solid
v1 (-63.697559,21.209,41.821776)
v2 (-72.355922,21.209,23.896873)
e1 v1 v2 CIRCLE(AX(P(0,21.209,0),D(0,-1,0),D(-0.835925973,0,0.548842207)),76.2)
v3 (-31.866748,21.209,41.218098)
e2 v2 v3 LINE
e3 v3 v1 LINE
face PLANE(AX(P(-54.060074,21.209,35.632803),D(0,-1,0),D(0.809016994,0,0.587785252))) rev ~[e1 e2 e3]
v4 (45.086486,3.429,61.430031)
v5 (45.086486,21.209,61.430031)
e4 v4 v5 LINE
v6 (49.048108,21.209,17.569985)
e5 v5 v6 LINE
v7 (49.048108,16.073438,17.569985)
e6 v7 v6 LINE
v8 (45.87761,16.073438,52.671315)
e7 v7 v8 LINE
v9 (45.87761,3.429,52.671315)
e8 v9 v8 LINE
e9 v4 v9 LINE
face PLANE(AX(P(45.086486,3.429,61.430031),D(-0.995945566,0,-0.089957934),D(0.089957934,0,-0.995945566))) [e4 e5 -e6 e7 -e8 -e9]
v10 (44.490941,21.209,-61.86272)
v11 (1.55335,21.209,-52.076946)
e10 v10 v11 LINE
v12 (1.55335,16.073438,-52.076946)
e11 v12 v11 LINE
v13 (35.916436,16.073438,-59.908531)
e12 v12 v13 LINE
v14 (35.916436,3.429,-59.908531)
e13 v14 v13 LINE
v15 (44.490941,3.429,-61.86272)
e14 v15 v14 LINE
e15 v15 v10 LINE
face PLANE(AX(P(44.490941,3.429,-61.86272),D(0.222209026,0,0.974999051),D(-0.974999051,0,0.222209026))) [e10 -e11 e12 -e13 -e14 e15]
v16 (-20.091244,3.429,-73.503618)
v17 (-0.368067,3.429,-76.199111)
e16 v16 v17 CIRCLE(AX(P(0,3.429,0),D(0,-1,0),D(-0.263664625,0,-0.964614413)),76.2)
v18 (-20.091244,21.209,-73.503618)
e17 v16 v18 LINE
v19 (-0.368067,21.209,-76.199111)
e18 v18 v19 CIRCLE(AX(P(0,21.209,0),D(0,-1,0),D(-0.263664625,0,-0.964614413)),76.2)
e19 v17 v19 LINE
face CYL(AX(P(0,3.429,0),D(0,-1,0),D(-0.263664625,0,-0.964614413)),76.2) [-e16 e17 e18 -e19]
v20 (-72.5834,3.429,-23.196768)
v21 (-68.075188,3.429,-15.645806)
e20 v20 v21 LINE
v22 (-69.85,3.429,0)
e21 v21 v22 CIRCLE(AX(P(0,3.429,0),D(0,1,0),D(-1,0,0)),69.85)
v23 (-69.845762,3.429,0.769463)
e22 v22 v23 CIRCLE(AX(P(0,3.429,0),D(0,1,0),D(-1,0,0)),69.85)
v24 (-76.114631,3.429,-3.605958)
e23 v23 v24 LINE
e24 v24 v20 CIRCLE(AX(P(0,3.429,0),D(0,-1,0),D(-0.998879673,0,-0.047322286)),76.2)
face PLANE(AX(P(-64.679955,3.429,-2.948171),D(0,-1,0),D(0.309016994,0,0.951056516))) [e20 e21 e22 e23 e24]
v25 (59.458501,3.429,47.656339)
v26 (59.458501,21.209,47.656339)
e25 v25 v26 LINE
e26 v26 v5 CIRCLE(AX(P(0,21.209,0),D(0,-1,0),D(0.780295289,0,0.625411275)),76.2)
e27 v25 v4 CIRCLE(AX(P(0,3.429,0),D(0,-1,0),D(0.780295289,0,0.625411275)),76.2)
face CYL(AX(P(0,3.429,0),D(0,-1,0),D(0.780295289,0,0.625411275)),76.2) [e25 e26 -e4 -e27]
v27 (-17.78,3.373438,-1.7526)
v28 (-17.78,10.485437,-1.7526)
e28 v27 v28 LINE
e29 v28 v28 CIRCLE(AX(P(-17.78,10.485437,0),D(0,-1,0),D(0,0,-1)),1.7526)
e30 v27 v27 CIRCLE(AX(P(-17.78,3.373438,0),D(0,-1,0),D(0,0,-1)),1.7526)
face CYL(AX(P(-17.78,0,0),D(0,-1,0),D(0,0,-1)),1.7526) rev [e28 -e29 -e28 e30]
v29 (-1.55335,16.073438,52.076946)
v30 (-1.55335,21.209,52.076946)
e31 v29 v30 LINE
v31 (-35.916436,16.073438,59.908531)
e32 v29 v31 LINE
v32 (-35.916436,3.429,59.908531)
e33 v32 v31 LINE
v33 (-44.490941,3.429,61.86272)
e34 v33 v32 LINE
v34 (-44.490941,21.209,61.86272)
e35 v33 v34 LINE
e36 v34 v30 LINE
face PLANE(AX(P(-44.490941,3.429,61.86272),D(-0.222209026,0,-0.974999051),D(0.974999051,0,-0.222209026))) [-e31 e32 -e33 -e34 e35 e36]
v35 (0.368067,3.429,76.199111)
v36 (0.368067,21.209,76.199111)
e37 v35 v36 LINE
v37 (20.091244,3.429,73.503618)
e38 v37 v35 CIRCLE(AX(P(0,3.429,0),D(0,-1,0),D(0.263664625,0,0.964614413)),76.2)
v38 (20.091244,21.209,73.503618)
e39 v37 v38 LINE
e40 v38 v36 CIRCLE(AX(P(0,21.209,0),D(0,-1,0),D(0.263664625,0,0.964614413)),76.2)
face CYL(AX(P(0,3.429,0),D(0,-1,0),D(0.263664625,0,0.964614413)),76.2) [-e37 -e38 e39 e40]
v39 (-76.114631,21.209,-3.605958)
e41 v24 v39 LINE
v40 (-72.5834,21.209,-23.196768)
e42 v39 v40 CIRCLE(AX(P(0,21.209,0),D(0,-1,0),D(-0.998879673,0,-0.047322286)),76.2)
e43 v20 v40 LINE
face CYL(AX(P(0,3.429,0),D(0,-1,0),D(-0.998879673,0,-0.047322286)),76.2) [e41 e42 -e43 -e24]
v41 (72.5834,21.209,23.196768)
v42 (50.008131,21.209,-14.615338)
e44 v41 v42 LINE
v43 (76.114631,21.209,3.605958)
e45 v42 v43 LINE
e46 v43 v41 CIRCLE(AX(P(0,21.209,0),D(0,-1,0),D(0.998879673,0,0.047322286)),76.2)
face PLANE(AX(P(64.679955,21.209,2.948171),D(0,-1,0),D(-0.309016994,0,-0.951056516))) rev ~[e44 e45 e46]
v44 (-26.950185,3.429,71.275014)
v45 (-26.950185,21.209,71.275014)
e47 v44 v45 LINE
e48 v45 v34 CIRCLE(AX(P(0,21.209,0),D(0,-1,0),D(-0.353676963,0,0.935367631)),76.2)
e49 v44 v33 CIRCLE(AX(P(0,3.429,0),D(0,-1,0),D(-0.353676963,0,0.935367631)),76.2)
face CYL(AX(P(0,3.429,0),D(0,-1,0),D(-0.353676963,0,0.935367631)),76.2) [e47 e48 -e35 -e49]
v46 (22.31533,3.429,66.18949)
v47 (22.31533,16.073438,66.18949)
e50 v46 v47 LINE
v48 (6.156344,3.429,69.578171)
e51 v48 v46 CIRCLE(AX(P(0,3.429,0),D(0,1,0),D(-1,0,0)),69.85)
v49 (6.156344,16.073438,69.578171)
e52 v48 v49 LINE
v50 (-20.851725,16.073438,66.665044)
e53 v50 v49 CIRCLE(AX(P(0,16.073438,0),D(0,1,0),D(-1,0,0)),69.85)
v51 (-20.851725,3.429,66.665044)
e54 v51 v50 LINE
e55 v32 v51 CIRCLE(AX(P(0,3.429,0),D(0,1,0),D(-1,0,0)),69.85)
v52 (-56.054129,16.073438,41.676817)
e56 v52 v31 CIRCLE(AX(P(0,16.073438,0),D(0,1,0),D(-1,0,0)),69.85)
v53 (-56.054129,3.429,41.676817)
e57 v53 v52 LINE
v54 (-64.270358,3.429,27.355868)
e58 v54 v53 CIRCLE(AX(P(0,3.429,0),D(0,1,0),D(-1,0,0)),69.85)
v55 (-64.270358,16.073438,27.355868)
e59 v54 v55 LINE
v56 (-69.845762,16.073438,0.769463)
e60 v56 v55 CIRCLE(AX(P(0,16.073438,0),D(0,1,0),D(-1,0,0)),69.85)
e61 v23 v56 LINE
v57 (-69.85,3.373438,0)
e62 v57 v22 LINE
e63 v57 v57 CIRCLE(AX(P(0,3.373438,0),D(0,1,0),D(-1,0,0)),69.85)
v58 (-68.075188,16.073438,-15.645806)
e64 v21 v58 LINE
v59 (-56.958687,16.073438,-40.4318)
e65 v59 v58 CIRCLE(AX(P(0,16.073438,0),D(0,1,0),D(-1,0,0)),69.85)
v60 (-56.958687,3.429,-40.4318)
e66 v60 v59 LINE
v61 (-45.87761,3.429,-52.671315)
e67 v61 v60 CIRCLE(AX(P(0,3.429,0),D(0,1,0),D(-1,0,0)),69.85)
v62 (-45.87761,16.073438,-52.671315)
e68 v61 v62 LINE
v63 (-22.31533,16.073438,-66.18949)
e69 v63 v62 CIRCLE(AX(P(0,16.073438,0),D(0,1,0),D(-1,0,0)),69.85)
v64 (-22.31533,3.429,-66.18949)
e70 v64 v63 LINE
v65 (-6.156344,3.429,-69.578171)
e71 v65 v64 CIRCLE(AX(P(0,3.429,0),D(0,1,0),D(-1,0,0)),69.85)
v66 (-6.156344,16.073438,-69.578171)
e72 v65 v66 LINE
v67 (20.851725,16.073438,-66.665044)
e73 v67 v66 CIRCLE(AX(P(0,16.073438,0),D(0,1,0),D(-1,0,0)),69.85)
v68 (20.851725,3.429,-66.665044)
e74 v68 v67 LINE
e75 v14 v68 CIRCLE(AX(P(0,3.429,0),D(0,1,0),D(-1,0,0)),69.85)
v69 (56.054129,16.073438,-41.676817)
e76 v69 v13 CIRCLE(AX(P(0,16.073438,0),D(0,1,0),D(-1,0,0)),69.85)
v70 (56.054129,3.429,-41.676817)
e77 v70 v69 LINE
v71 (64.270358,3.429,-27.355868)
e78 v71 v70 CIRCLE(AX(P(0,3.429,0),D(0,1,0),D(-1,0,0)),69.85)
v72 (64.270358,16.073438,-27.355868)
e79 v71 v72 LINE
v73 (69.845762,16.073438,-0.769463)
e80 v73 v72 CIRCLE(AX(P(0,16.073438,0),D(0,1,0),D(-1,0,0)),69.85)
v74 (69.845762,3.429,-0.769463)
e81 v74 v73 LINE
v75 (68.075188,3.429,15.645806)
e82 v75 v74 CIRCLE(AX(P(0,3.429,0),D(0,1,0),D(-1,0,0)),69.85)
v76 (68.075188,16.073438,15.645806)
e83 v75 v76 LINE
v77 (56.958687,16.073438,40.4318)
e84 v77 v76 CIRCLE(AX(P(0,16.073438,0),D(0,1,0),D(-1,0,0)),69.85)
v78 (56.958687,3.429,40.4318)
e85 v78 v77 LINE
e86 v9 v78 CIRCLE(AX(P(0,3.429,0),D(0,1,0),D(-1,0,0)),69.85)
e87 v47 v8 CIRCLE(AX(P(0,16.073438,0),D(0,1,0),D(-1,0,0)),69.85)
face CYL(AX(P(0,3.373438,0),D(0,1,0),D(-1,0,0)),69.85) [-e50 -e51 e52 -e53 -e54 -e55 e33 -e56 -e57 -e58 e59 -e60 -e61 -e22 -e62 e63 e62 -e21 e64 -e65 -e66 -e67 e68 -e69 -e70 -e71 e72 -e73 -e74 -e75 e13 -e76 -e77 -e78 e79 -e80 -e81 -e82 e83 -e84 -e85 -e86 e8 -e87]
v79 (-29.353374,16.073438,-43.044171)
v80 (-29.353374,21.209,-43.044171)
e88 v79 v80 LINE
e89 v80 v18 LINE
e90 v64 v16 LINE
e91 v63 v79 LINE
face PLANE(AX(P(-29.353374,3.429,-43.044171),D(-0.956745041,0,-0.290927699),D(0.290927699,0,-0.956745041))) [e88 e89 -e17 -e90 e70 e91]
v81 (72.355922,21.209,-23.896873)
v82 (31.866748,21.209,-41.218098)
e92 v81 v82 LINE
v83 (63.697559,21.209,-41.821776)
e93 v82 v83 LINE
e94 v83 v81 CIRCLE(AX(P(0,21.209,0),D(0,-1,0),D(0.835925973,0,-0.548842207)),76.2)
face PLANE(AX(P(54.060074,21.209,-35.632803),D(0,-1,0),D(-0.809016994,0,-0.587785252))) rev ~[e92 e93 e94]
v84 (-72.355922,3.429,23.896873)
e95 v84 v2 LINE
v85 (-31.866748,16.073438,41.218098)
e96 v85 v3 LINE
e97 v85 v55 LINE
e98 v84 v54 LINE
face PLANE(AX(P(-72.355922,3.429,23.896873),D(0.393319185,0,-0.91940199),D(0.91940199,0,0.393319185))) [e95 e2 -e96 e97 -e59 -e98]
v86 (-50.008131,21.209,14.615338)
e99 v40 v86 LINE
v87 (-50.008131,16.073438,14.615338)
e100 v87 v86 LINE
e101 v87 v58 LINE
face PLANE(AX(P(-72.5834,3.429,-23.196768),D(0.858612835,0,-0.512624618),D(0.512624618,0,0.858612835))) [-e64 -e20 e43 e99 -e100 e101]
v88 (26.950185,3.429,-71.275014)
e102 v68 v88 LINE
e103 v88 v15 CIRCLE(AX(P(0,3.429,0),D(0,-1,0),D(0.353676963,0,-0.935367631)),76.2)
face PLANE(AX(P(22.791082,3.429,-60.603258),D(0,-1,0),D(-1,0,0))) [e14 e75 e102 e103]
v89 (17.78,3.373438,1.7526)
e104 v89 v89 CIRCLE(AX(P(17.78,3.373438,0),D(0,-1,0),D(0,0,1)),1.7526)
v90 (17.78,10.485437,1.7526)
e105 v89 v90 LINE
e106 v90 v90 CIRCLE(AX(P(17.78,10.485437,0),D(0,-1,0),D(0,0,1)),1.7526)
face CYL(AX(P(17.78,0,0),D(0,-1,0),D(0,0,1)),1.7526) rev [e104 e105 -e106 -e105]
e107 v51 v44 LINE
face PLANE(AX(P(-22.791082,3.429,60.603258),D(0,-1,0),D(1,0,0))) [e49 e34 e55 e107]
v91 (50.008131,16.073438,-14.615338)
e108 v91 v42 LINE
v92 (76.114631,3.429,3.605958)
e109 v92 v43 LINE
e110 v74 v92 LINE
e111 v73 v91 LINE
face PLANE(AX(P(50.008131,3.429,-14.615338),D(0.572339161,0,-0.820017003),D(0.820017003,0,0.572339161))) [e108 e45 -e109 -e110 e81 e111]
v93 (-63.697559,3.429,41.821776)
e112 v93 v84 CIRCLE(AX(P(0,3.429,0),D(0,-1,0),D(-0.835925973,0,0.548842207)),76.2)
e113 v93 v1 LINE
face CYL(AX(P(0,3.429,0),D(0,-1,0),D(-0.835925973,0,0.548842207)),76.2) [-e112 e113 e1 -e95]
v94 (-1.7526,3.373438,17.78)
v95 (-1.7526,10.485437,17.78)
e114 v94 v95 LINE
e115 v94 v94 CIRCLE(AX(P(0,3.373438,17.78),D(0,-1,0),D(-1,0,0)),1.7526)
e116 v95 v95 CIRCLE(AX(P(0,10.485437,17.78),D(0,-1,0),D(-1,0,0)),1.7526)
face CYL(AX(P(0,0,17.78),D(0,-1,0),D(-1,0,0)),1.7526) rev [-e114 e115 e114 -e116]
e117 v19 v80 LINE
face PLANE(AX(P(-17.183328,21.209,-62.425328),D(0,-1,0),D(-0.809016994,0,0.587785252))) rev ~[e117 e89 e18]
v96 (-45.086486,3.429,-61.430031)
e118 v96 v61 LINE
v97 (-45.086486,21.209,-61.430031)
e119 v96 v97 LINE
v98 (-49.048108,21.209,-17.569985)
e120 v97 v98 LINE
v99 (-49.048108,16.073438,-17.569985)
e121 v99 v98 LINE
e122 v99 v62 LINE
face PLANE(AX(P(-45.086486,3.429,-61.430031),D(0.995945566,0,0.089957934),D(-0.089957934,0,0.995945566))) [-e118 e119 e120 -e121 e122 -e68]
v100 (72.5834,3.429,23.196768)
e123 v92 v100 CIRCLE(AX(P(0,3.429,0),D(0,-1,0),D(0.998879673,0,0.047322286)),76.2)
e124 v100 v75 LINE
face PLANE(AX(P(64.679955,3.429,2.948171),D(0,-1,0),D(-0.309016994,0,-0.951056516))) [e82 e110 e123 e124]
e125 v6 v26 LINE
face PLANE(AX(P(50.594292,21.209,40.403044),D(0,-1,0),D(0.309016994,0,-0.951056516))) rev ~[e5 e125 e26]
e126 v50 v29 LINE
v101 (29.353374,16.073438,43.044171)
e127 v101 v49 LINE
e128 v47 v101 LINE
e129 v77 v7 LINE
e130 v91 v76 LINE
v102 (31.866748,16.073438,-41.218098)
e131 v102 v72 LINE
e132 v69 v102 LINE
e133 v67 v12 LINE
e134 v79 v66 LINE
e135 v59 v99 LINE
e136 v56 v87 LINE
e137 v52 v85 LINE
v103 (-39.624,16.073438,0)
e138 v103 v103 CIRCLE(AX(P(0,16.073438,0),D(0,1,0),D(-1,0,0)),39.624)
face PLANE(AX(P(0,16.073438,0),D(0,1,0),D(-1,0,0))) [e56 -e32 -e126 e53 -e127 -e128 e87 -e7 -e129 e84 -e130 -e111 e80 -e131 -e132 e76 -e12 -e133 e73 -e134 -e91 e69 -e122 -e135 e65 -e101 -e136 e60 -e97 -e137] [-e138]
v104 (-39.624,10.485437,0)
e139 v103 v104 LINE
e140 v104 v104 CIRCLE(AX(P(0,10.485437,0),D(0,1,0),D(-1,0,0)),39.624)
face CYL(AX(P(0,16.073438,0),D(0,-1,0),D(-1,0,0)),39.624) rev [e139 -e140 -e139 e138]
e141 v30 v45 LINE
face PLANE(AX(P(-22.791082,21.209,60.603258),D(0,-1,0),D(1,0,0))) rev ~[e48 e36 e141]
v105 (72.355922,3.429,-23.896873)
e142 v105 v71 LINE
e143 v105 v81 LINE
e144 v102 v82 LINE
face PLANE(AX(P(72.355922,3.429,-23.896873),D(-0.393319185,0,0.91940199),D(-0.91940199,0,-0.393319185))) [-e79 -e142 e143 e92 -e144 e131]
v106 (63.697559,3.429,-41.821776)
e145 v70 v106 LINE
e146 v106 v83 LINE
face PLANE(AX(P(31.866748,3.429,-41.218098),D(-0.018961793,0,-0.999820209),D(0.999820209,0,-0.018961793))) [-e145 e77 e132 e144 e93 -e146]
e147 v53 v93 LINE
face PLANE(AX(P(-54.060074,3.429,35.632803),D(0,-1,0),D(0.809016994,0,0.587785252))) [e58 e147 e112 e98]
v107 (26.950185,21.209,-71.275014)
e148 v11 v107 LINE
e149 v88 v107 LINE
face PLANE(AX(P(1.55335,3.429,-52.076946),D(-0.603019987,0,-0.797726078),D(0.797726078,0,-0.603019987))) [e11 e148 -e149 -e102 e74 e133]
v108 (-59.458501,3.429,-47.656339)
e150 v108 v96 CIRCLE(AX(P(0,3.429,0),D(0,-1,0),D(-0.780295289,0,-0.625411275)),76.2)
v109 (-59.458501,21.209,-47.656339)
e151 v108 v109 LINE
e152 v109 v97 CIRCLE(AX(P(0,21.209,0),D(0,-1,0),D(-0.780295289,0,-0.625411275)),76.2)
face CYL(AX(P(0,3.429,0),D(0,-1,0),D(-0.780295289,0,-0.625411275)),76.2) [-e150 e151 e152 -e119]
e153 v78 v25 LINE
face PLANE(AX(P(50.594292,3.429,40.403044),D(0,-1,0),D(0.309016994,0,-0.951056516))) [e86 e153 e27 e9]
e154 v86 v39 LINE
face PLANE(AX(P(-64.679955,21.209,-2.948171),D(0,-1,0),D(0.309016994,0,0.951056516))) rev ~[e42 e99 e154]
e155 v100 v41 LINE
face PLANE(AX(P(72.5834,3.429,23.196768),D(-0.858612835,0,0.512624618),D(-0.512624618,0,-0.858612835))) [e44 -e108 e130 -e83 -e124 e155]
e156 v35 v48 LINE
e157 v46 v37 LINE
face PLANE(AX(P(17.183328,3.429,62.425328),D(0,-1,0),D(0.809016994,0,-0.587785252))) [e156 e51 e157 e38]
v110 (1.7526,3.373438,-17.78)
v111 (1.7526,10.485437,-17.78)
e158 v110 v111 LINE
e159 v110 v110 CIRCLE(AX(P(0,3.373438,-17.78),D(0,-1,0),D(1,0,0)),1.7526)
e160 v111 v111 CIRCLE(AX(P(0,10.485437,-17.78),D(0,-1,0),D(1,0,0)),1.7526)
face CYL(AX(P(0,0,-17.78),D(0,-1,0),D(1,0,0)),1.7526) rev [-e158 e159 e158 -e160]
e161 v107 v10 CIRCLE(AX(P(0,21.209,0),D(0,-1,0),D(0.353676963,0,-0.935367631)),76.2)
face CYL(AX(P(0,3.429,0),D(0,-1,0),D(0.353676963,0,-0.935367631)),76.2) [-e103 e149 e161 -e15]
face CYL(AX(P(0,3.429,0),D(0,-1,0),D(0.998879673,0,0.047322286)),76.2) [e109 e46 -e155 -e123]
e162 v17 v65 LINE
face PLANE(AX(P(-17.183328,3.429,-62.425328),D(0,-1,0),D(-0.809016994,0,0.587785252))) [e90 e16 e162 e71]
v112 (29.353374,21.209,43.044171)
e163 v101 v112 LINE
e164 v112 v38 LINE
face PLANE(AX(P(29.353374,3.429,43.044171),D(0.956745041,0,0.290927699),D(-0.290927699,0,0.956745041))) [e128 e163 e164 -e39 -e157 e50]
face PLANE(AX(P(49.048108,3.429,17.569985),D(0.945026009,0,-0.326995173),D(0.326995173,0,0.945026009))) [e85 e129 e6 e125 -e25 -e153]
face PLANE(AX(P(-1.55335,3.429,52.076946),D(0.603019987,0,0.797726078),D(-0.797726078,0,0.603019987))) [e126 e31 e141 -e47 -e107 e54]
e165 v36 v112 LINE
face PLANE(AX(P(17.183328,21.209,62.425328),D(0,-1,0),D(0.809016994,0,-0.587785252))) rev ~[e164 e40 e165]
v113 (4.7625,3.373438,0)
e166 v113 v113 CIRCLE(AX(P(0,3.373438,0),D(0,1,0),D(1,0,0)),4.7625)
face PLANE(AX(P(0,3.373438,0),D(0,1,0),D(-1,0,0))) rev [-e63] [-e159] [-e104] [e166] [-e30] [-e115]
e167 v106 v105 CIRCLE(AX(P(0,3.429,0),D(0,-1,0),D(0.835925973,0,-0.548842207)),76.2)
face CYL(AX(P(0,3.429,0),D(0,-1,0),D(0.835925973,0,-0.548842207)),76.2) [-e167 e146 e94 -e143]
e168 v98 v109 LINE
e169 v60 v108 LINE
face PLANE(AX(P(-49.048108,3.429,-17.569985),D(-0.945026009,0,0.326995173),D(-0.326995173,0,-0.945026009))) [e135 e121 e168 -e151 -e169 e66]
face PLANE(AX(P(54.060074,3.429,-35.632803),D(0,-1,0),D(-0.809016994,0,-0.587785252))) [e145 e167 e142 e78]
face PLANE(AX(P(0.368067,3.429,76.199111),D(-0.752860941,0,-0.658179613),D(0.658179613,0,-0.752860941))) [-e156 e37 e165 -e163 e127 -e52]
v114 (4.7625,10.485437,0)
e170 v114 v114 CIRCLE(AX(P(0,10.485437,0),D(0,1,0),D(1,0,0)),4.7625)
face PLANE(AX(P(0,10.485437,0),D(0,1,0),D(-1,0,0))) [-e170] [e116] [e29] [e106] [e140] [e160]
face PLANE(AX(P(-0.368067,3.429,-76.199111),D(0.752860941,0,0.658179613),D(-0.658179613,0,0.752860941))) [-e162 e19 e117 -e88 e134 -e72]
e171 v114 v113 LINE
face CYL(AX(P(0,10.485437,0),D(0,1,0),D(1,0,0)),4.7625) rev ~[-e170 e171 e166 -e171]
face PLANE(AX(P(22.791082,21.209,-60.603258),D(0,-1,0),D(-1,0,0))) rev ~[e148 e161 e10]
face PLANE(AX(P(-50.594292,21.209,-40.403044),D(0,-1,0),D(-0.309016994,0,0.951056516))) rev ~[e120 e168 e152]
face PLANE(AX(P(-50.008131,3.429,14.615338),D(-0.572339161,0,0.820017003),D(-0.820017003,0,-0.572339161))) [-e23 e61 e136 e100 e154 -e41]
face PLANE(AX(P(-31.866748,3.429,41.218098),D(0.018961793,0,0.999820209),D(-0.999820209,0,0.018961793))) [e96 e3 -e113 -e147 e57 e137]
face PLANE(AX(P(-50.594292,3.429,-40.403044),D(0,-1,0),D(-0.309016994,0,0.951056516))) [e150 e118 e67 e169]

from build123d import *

# Parameters (mm, degrees)
GUIDE_START        = 3.429
GUIDE_VANES_DEPTH  = 17.78
CIRPATTERN4_COUNT  = 10
SKETCH6_R          = 1.7526
CUT_EXTRUDE1_DEPTH = 13.97
CIRPATTERN5_COUNT  = 4
SKETCH9_R          = 4.7625
CUT_EXTRUDE2_DEPTH = 7.62


with BuildPart() as part:
    # Sketch3 → Body (revolve)
    with BuildSketch(Plane.XY):
        Polygon((-69.85, 16.0734375), (-39.624, 16.0734375), (-39.624, 10.4854375), (0, 10.4854375), (0, 3.3734375), (-69.85, 3.3734375), align=None)
    revolve(axis=Axis((0, 0, 0), (0, 1, 0)))

    # Sketch4 → Guide Vanes (add)
    with BuildSketch(Plane(origin=(0, 0, 0), x_dir=(1, 0, 0), z_dir=(0, 1, 0)).offset(GUIDE_START)):
        with BuildLine():
            Line((1.553349961, 52.076946284), (26.95018459, 71.275013508))
            ThreePointArc((26.95018459, 71.275013508), (36.029244063, 67.144125374), (44.490941148, 61.862720242))
            Line((44.490941148, 61.862720242), (1.553349961, 52.076946284))
        make_face()
    guide_vanes = extrude(amount=GUIDE_VANES_DEPTH)

    # CirPattern4: Guide Vanes ×10 about axis
    cirpattern4_axis = Axis((0, 0, 0), (0, 1, 0))
    for i in range(1, CIRPATTERN4_COUNT):
        add(guide_vanes.rotate(cirpattern4_axis, i * 360 / CIRPATTERN4_COUNT))

    # Sketch6 → Cut-Extrude1 (cut)
    with BuildSketch(Plane(origin=(0, 0, 0), x_dir=(1, 0, 0), z_dir=(0, 1, 0))):
        with Locations((0, 17.78)):
            Circle(SKETCH6_R)
    cut_extrude1 = extrude(amount=CUT_EXTRUDE1_DEPTH, mode=Mode.SUBTRACT)

    # CirPattern5: Cut-Extrude1 ×4 about axis
    cirpattern5_axis = Axis((0, 0, 0), (0, 1, 0))
    for i in range(1, CIRPATTERN5_COUNT):
        add(cut_extrude1.rotate(cirpattern5_axis, i * 360 / CIRPATTERN5_COUNT), mode=Mode.SUBTRACT)

    # Sketch9 → Cut-Extrude2 (cut)
    with BuildSketch(Plane(origin=(0, 10.4854375, 0), x_dir=(1, 0, 0), z_dir=(0, 1, 0))):
        Circle(SKETCH9_R)
    extrude(amount=-CUT_EXTRUDE2_DEPTH, mode=Mode.SUBTRACT)


solid = part.part
